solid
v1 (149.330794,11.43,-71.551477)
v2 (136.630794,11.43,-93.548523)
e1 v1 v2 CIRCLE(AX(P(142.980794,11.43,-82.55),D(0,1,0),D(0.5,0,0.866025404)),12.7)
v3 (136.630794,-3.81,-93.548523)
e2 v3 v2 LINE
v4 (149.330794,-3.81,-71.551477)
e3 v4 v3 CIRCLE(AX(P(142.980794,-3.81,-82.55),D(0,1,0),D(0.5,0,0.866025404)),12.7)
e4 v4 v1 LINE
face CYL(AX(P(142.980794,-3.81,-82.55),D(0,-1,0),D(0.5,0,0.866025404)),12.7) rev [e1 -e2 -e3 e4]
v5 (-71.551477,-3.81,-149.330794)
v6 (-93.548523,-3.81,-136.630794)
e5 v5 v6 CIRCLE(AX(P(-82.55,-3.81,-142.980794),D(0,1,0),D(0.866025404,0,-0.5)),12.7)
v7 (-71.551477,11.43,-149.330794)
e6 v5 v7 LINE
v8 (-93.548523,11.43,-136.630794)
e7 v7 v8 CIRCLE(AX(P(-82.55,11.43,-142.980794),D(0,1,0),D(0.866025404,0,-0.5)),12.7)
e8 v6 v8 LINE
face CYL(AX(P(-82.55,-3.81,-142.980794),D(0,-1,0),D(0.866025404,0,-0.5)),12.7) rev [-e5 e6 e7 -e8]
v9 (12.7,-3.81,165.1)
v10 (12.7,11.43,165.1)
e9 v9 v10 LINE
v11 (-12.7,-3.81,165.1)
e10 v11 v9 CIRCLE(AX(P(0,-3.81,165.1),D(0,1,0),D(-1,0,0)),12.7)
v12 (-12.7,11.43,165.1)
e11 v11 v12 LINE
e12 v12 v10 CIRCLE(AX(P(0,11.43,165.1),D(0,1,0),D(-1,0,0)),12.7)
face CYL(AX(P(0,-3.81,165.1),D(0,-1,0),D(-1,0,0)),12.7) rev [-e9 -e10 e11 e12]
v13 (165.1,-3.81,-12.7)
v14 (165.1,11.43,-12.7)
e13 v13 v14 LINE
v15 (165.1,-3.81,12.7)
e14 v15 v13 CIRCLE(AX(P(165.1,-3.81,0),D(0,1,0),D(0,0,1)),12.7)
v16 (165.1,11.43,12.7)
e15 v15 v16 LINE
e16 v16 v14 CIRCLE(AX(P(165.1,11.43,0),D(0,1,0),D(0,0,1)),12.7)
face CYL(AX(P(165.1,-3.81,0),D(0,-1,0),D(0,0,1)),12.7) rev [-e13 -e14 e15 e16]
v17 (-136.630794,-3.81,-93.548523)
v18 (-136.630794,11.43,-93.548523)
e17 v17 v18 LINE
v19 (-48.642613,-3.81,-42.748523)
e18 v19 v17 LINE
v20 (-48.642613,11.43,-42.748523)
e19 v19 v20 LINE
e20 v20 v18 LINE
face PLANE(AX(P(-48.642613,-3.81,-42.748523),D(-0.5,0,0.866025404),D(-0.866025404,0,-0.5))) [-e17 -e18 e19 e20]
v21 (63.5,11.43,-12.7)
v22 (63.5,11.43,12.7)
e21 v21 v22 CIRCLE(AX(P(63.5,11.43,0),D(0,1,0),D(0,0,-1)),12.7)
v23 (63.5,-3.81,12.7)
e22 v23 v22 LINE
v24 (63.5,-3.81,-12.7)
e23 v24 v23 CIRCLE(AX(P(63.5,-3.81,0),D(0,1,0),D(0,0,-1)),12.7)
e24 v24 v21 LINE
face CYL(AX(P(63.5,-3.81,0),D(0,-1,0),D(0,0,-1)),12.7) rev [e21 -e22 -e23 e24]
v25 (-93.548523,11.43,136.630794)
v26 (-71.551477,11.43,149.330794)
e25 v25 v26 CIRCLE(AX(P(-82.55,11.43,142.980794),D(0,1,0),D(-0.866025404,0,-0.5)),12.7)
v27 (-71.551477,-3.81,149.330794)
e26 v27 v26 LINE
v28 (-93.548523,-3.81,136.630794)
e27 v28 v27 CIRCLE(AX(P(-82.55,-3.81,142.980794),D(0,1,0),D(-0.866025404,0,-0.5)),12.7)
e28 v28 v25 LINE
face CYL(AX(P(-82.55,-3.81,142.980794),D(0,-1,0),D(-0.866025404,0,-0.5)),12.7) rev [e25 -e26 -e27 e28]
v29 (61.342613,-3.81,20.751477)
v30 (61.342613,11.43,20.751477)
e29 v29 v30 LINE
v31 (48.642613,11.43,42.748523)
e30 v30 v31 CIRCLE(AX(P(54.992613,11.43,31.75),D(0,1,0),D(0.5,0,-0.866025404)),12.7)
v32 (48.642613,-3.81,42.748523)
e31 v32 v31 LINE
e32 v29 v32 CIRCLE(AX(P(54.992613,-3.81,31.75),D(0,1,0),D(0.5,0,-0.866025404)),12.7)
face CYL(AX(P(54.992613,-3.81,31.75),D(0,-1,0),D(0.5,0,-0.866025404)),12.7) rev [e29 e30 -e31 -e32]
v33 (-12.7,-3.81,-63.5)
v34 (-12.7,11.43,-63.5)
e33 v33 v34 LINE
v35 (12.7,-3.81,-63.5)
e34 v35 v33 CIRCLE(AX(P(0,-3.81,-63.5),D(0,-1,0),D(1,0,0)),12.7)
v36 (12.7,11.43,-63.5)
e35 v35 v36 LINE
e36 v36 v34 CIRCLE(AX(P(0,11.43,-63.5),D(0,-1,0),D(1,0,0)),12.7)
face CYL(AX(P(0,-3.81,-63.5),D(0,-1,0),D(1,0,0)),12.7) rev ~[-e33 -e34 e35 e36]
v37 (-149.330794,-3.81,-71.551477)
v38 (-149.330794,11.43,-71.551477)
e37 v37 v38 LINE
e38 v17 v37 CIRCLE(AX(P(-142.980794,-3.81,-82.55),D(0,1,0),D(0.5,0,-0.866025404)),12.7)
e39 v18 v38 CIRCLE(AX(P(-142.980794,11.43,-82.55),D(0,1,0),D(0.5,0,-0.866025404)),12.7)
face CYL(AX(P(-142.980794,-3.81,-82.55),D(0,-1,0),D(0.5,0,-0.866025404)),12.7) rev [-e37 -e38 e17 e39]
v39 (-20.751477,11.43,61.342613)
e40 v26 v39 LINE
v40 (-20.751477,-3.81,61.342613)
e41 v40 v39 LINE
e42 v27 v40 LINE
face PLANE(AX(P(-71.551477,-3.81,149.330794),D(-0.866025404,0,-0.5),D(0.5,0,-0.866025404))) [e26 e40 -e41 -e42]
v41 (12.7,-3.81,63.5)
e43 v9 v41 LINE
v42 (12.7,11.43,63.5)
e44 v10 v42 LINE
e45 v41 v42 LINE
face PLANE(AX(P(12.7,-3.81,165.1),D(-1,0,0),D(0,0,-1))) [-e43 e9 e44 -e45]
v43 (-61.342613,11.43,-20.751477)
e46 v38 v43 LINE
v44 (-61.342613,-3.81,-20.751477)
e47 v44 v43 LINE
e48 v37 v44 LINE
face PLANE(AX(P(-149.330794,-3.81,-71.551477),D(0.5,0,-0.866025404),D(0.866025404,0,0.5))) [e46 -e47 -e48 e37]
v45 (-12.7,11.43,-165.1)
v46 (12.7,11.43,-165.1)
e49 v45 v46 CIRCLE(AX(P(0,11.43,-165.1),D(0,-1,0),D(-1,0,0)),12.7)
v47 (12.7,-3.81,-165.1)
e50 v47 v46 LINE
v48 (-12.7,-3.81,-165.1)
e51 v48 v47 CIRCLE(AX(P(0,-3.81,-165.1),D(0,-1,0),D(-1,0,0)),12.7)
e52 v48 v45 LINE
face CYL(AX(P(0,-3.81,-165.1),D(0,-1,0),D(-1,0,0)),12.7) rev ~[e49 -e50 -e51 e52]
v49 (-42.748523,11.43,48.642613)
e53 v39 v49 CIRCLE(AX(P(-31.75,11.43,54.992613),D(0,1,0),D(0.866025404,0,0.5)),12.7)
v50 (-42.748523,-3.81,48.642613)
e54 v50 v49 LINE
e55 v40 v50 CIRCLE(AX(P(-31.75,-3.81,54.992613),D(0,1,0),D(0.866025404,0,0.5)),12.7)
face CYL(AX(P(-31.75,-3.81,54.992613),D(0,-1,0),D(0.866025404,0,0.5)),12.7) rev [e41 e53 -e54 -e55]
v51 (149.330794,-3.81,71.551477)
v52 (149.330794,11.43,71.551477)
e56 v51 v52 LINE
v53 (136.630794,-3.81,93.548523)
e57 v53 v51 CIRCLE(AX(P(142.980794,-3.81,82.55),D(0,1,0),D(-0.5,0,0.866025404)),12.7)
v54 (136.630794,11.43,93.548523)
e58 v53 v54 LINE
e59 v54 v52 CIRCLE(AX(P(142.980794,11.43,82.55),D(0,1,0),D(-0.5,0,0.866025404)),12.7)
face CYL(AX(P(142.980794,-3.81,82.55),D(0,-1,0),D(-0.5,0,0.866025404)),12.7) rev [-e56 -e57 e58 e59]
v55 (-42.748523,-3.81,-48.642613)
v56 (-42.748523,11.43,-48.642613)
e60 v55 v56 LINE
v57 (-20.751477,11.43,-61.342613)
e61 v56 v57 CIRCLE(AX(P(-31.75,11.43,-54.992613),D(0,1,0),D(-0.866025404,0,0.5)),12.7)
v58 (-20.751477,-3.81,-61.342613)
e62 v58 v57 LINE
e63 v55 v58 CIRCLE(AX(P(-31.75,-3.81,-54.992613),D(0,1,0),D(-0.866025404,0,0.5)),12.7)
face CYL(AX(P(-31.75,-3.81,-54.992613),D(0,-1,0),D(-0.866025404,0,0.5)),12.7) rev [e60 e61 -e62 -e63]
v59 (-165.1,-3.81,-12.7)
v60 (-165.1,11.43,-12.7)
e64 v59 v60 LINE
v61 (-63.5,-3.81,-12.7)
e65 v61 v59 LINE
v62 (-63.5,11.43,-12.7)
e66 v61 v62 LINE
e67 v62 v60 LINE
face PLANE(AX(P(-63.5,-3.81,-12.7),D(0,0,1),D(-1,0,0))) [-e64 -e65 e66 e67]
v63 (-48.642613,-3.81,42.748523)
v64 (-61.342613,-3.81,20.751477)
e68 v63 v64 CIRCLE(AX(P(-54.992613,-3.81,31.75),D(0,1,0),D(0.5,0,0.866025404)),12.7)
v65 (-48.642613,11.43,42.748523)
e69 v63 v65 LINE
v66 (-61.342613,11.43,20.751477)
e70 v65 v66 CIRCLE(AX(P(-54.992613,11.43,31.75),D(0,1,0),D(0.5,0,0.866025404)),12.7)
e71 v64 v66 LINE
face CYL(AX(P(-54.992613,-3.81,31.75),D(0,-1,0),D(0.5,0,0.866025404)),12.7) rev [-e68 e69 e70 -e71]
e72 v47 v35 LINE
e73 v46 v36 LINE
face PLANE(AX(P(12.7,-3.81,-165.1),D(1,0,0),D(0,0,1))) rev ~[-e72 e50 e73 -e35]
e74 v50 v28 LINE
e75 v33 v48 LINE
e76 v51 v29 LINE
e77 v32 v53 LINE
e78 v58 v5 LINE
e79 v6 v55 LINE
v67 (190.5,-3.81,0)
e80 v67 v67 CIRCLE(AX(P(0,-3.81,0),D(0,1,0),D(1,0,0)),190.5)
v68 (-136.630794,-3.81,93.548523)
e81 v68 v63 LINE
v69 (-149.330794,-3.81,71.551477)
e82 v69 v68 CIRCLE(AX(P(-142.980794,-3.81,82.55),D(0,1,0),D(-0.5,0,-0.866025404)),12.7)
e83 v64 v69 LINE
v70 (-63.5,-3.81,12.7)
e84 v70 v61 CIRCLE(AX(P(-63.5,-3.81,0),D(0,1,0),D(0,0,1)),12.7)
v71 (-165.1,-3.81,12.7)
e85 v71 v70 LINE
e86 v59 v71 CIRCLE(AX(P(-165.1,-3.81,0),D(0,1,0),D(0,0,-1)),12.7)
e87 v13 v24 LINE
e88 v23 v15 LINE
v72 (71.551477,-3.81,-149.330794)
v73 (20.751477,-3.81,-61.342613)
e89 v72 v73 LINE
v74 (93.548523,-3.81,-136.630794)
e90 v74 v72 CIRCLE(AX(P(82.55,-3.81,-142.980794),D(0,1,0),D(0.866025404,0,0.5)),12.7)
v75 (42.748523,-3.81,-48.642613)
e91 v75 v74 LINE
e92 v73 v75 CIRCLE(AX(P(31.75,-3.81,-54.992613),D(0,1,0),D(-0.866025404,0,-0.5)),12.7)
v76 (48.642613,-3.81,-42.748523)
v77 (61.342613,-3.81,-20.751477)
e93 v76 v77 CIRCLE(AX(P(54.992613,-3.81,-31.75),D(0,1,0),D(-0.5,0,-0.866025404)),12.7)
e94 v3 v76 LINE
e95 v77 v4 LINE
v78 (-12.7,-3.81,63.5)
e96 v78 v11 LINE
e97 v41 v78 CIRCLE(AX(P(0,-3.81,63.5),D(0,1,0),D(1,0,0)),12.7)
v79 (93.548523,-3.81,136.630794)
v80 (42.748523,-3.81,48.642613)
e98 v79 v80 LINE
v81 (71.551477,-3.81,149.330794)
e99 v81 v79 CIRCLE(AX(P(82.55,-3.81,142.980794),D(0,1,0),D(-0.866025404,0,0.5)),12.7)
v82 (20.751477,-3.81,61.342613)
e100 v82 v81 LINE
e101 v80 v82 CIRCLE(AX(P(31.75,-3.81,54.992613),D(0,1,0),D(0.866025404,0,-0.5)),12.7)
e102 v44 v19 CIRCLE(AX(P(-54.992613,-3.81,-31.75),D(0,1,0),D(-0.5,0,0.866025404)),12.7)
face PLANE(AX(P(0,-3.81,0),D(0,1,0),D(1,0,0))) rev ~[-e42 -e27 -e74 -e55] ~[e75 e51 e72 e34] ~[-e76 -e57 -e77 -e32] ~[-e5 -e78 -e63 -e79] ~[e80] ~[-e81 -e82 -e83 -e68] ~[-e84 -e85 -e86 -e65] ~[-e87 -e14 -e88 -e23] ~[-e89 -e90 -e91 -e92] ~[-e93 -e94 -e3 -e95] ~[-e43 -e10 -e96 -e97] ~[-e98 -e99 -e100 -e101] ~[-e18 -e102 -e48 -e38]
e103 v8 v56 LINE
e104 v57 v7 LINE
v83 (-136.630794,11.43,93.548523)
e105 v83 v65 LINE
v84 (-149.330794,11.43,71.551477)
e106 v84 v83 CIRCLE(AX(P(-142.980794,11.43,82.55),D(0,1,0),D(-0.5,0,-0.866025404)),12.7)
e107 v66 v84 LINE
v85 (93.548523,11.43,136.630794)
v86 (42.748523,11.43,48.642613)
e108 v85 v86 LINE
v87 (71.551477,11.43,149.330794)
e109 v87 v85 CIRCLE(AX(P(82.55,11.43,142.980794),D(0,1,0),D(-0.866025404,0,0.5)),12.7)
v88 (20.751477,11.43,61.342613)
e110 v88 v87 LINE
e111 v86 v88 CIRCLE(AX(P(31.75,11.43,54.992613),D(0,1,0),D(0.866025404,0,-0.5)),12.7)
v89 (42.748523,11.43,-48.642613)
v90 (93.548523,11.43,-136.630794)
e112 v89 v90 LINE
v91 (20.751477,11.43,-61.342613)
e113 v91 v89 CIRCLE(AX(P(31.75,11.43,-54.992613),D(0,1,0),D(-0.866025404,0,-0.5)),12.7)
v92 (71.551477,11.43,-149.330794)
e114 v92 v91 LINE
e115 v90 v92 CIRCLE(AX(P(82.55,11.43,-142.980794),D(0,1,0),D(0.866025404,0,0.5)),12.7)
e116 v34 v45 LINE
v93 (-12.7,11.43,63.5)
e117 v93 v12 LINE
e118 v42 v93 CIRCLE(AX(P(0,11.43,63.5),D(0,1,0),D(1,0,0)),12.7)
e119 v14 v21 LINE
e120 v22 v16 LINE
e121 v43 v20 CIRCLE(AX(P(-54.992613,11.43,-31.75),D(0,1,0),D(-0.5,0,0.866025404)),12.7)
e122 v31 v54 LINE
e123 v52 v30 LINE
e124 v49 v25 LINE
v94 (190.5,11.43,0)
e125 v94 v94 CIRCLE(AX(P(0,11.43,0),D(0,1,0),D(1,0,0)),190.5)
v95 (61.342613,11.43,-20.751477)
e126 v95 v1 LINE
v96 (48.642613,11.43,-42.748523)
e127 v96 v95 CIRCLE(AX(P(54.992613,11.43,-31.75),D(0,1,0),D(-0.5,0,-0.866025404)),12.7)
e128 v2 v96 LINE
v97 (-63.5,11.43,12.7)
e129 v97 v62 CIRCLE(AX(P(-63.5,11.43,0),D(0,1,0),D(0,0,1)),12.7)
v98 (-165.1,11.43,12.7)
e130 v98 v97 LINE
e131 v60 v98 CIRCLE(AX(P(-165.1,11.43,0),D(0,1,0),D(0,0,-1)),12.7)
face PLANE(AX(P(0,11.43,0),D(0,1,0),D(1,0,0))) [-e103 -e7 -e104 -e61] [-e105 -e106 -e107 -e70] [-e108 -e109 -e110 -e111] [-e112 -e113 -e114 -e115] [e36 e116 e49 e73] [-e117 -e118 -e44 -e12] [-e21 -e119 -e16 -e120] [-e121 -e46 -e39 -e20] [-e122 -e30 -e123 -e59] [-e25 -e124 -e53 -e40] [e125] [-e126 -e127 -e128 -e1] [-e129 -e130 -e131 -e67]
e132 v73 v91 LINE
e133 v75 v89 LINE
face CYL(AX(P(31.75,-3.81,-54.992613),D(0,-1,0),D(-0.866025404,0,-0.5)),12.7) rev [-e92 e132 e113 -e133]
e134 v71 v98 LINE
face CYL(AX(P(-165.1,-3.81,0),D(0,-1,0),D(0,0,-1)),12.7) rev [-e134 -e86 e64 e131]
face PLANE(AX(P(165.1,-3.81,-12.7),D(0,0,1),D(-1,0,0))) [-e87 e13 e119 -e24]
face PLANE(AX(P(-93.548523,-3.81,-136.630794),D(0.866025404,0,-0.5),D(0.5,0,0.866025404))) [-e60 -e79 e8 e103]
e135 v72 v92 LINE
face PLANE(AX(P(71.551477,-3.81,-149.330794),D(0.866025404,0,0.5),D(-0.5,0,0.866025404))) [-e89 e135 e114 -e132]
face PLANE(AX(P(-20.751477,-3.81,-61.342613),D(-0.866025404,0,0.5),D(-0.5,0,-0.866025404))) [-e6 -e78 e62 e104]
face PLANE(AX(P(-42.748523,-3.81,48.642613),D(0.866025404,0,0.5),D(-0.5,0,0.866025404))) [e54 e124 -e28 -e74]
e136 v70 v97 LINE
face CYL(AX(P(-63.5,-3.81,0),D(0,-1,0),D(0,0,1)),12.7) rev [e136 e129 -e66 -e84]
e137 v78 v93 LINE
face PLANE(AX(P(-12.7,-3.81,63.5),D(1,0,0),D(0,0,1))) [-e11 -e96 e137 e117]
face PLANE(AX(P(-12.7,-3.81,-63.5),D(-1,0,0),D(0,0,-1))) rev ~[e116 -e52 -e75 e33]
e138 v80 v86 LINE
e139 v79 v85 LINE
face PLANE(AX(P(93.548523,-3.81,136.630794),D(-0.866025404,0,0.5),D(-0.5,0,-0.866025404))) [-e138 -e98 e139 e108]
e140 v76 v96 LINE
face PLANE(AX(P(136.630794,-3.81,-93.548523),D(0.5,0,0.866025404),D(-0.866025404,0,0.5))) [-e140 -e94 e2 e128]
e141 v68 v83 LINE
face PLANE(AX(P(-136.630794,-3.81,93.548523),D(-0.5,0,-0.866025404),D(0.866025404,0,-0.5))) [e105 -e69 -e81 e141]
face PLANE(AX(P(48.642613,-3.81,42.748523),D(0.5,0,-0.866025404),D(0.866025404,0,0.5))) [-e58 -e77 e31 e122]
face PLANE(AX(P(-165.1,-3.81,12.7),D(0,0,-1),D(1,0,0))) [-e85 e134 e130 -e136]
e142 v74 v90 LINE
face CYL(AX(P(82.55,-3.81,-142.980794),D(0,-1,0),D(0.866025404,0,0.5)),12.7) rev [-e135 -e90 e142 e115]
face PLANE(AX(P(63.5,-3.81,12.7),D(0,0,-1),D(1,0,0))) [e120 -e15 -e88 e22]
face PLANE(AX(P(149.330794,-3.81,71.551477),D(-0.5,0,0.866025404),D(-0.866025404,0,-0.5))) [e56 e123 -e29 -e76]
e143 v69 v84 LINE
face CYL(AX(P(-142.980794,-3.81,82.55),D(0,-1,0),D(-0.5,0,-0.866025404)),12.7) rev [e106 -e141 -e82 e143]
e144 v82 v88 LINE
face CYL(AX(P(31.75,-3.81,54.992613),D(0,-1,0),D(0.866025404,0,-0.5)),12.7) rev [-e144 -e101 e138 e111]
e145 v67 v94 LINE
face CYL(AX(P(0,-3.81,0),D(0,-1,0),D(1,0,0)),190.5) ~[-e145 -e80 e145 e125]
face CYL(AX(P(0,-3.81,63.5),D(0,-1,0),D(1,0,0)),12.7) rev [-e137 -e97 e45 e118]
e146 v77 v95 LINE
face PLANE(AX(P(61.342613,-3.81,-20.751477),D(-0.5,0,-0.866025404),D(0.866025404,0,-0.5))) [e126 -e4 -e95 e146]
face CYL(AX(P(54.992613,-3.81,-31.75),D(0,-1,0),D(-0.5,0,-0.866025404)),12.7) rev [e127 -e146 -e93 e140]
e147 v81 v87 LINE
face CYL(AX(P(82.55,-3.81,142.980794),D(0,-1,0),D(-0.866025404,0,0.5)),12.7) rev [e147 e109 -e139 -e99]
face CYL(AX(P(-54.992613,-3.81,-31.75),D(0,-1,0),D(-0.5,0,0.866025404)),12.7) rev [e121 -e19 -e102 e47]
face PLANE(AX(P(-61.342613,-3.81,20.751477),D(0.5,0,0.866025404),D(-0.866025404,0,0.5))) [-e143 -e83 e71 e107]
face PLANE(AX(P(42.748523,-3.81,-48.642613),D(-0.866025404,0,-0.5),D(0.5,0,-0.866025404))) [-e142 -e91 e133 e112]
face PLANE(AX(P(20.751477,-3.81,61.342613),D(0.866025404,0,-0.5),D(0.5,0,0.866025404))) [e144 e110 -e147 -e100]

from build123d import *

# Parameters (mm, degrees)
SKETCH1_R           = 95.25
BOSS_EXTRUDE3_DEPTH = 7.62
SCALE1_SCALE        = 2


with BuildPart() as part:
    # Sketch1 → Boss-Extrude3 (new body)
    with BuildSketch(Plane(origin=(0, 0, 0), x_dir=(1, 0, 0), z_dir=(0, 1, 0))):
        Circle(SKETCH1_R)
        with BuildLine():
            Line((6.35, 82.55), (6.35, 31.75))
            ThreePointArc((6.35, 31.75), (0, 25.4), (-6.35, 31.75))
            Line((-6.35, 31.75), (-6.35, 82.55))
            ThreePointArc((-6.35, 82.55), (0, 88.9), (6.35, 82.55))
        make_face(mode=Mode.SUBTRACT)
        with BuildLine():
            Line((35.775738686, 74.665397082), (10.375738686, 30.67130657))
            ThreePointArc((10.375738686, 30.67130657), (12.7, 21.997045256), (21.374261314, 24.32130657))
            Line((21.374261314, 24.32130657), (46.774261314, 68.315397082))
            ThreePointArc((46.774261314, 68.315397082), (44.45, 76.989658396), (35.775738686, 74.665397082))
        make_face(mode=Mode.SUBTRACT)
        with BuildLine():
            Line((68.315397082, 46.774261314), (24.32130657, 21.374261314))
            ThreePointArc((24.32130657, 21.374261314), (21.997045256, 12.7), (30.67130657, 10.375738686))
            Line((30.67130657, 10.375738686), (74.665397082, 35.775738686))
            ThreePointArc((74.665397082, 35.775738686), (76.989658396, 44.45), (68.315397082, 46.774261314))
        make_face(mode=Mode.SUBTRACT)
        with BuildLine():
            Line((82.55, 6.35), (31.75, 6.35))
            ThreePointArc((31.75, 6.35), (25.4, 0), (31.75, -6.35))
            Line((31.75, -6.35), (82.55, -6.35))
            ThreePointArc((82.55, -6.35), (88.9, 0), (82.55, 6.35))
        make_face(mode=Mode.SUBTRACT)
        with BuildLine():
            Line((74.665397082, -35.775738686), (30.67130657, -10.375738686))
            ThreePointArc((30.67130657, -10.375738686), (21.997045256, -12.7), (24.32130657, -21.374261314))
            Line((24.32130657, -21.374261314), (68.315397082, -46.774261314))
            ThreePointArc((68.315397082, -46.774261314), (76.989658396, -44.45), (74.665397082, -35.775738686))
        make_face(mode=Mode.SUBTRACT)
        with BuildLine():
            Line((46.774261314, -68.315397082), (21.374261314, -24.32130657))
            ThreePointArc((21.374261314, -24.32130657), (12.7, -21.997045256), (10.375738686, -30.67130657))
            Line((10.375738686, -30.67130657), (35.775738686, -74.665397082))
            ThreePointArc((35.775738686, -74.665397082), (44.45, -76.989658396), (46.774261314, -68.315397082))
        make_face(mode=Mode.SUBTRACT)
        with BuildLine():
            Line((6.35, -82.55), (6.35, -31.75))
            ThreePointArc((6.35, -31.75), (0, -25.4), (-6.35, -31.75))
            Line((-6.35, -31.75), (-6.35, -82.55))
            ThreePointArc((-6.35, -82.55), (0, -88.9), (6.35, -82.55))
        make_face(mode=Mode.SUBTRACT)
        with BuildLine():
            Line((-35.775738686, -74.665397082), (-10.375738686, -30.67130657))
            ThreePointArc((-10.375738686, -30.67130657), (-12.7, -21.997045256), (-21.374261314, -24.32130657))
            Line((-21.374261314, -24.32130657), (-46.774261314, -68.315397082))
            ThreePointArc((-46.774261314, -68.315397082), (-44.45, -76.989658396), (-35.775738686, -74.665397082))
        make_face(mode=Mode.SUBTRACT)
        with BuildLine():
            Line((-68.315397082, -46.774261314), (-24.32130657, -21.374261314))
            ThreePointArc((-24.32130657, -21.374261314), (-21.997045256, -12.7), (-30.67130657, -10.375738686))
            Line((-30.67130657, -10.375738686), (-74.665397082, -35.775738686))
            ThreePointArc((-74.665397082, -35.775738686), (-76.989658396, -44.45), (-68.315397082, -46.774261314))
        make_face(mode=Mode.SUBTRACT)
        with BuildLine():
            Line((-82.55, -6.35), (-31.75, -6.35))
            ThreePointArc((-31.75, -6.35), (-25.4, 0), (-31.75, 6.35))
            Line((-31.75, 6.35), (-82.55, 6.35))
            ThreePointArc((-82.55, 6.35), (-88.9, 0), (-82.55, -6.35))
        make_face(mode=Mode.SUBTRACT)
        with BuildLine():
            Line((-74.665397082, 35.775738686), (-30.67130657, 10.375738686))
            ThreePointArc((-30.67130657, 10.375738686), (-21.997045256, 12.7), (-24.32130657, 21.374261314))
            Line((-24.32130657, 21.374261314), (-68.315397082, 46.774261314))
            ThreePointArc((-68.315397082, 46.774261314), (-76.989658396, 44.45), (-74.665397082, 35.775738686))
        make_face(mode=Mode.SUBTRACT)
        with BuildLine():
            Line((-46.774261314, 68.315397082), (-21.374261314, 24.32130657))
            ThreePointArc((-21.374261314, 24.32130657), (-12.7, 21.997045256), (-10.375738686, 30.67130657))
            Line((-10.375738686, 30.67130657), (-35.775738686, 74.665397082))
            ThreePointArc((-35.775738686, 74.665397082), (-44.45, 76.989658396), (-46.774261314, 68.315397082))
        make_face(mode=Mode.SUBTRACT)
    extrude(amount=BOSS_EXTRUDE3_DEPTH)


with BuildPart() as part_1:
    # Scale1: scaled about (0, 3.81, 0)
    add(part.part.scale(SCALE1_SCALE).moved(Location((0, -3.81, 0))))


solid = part_1.part
